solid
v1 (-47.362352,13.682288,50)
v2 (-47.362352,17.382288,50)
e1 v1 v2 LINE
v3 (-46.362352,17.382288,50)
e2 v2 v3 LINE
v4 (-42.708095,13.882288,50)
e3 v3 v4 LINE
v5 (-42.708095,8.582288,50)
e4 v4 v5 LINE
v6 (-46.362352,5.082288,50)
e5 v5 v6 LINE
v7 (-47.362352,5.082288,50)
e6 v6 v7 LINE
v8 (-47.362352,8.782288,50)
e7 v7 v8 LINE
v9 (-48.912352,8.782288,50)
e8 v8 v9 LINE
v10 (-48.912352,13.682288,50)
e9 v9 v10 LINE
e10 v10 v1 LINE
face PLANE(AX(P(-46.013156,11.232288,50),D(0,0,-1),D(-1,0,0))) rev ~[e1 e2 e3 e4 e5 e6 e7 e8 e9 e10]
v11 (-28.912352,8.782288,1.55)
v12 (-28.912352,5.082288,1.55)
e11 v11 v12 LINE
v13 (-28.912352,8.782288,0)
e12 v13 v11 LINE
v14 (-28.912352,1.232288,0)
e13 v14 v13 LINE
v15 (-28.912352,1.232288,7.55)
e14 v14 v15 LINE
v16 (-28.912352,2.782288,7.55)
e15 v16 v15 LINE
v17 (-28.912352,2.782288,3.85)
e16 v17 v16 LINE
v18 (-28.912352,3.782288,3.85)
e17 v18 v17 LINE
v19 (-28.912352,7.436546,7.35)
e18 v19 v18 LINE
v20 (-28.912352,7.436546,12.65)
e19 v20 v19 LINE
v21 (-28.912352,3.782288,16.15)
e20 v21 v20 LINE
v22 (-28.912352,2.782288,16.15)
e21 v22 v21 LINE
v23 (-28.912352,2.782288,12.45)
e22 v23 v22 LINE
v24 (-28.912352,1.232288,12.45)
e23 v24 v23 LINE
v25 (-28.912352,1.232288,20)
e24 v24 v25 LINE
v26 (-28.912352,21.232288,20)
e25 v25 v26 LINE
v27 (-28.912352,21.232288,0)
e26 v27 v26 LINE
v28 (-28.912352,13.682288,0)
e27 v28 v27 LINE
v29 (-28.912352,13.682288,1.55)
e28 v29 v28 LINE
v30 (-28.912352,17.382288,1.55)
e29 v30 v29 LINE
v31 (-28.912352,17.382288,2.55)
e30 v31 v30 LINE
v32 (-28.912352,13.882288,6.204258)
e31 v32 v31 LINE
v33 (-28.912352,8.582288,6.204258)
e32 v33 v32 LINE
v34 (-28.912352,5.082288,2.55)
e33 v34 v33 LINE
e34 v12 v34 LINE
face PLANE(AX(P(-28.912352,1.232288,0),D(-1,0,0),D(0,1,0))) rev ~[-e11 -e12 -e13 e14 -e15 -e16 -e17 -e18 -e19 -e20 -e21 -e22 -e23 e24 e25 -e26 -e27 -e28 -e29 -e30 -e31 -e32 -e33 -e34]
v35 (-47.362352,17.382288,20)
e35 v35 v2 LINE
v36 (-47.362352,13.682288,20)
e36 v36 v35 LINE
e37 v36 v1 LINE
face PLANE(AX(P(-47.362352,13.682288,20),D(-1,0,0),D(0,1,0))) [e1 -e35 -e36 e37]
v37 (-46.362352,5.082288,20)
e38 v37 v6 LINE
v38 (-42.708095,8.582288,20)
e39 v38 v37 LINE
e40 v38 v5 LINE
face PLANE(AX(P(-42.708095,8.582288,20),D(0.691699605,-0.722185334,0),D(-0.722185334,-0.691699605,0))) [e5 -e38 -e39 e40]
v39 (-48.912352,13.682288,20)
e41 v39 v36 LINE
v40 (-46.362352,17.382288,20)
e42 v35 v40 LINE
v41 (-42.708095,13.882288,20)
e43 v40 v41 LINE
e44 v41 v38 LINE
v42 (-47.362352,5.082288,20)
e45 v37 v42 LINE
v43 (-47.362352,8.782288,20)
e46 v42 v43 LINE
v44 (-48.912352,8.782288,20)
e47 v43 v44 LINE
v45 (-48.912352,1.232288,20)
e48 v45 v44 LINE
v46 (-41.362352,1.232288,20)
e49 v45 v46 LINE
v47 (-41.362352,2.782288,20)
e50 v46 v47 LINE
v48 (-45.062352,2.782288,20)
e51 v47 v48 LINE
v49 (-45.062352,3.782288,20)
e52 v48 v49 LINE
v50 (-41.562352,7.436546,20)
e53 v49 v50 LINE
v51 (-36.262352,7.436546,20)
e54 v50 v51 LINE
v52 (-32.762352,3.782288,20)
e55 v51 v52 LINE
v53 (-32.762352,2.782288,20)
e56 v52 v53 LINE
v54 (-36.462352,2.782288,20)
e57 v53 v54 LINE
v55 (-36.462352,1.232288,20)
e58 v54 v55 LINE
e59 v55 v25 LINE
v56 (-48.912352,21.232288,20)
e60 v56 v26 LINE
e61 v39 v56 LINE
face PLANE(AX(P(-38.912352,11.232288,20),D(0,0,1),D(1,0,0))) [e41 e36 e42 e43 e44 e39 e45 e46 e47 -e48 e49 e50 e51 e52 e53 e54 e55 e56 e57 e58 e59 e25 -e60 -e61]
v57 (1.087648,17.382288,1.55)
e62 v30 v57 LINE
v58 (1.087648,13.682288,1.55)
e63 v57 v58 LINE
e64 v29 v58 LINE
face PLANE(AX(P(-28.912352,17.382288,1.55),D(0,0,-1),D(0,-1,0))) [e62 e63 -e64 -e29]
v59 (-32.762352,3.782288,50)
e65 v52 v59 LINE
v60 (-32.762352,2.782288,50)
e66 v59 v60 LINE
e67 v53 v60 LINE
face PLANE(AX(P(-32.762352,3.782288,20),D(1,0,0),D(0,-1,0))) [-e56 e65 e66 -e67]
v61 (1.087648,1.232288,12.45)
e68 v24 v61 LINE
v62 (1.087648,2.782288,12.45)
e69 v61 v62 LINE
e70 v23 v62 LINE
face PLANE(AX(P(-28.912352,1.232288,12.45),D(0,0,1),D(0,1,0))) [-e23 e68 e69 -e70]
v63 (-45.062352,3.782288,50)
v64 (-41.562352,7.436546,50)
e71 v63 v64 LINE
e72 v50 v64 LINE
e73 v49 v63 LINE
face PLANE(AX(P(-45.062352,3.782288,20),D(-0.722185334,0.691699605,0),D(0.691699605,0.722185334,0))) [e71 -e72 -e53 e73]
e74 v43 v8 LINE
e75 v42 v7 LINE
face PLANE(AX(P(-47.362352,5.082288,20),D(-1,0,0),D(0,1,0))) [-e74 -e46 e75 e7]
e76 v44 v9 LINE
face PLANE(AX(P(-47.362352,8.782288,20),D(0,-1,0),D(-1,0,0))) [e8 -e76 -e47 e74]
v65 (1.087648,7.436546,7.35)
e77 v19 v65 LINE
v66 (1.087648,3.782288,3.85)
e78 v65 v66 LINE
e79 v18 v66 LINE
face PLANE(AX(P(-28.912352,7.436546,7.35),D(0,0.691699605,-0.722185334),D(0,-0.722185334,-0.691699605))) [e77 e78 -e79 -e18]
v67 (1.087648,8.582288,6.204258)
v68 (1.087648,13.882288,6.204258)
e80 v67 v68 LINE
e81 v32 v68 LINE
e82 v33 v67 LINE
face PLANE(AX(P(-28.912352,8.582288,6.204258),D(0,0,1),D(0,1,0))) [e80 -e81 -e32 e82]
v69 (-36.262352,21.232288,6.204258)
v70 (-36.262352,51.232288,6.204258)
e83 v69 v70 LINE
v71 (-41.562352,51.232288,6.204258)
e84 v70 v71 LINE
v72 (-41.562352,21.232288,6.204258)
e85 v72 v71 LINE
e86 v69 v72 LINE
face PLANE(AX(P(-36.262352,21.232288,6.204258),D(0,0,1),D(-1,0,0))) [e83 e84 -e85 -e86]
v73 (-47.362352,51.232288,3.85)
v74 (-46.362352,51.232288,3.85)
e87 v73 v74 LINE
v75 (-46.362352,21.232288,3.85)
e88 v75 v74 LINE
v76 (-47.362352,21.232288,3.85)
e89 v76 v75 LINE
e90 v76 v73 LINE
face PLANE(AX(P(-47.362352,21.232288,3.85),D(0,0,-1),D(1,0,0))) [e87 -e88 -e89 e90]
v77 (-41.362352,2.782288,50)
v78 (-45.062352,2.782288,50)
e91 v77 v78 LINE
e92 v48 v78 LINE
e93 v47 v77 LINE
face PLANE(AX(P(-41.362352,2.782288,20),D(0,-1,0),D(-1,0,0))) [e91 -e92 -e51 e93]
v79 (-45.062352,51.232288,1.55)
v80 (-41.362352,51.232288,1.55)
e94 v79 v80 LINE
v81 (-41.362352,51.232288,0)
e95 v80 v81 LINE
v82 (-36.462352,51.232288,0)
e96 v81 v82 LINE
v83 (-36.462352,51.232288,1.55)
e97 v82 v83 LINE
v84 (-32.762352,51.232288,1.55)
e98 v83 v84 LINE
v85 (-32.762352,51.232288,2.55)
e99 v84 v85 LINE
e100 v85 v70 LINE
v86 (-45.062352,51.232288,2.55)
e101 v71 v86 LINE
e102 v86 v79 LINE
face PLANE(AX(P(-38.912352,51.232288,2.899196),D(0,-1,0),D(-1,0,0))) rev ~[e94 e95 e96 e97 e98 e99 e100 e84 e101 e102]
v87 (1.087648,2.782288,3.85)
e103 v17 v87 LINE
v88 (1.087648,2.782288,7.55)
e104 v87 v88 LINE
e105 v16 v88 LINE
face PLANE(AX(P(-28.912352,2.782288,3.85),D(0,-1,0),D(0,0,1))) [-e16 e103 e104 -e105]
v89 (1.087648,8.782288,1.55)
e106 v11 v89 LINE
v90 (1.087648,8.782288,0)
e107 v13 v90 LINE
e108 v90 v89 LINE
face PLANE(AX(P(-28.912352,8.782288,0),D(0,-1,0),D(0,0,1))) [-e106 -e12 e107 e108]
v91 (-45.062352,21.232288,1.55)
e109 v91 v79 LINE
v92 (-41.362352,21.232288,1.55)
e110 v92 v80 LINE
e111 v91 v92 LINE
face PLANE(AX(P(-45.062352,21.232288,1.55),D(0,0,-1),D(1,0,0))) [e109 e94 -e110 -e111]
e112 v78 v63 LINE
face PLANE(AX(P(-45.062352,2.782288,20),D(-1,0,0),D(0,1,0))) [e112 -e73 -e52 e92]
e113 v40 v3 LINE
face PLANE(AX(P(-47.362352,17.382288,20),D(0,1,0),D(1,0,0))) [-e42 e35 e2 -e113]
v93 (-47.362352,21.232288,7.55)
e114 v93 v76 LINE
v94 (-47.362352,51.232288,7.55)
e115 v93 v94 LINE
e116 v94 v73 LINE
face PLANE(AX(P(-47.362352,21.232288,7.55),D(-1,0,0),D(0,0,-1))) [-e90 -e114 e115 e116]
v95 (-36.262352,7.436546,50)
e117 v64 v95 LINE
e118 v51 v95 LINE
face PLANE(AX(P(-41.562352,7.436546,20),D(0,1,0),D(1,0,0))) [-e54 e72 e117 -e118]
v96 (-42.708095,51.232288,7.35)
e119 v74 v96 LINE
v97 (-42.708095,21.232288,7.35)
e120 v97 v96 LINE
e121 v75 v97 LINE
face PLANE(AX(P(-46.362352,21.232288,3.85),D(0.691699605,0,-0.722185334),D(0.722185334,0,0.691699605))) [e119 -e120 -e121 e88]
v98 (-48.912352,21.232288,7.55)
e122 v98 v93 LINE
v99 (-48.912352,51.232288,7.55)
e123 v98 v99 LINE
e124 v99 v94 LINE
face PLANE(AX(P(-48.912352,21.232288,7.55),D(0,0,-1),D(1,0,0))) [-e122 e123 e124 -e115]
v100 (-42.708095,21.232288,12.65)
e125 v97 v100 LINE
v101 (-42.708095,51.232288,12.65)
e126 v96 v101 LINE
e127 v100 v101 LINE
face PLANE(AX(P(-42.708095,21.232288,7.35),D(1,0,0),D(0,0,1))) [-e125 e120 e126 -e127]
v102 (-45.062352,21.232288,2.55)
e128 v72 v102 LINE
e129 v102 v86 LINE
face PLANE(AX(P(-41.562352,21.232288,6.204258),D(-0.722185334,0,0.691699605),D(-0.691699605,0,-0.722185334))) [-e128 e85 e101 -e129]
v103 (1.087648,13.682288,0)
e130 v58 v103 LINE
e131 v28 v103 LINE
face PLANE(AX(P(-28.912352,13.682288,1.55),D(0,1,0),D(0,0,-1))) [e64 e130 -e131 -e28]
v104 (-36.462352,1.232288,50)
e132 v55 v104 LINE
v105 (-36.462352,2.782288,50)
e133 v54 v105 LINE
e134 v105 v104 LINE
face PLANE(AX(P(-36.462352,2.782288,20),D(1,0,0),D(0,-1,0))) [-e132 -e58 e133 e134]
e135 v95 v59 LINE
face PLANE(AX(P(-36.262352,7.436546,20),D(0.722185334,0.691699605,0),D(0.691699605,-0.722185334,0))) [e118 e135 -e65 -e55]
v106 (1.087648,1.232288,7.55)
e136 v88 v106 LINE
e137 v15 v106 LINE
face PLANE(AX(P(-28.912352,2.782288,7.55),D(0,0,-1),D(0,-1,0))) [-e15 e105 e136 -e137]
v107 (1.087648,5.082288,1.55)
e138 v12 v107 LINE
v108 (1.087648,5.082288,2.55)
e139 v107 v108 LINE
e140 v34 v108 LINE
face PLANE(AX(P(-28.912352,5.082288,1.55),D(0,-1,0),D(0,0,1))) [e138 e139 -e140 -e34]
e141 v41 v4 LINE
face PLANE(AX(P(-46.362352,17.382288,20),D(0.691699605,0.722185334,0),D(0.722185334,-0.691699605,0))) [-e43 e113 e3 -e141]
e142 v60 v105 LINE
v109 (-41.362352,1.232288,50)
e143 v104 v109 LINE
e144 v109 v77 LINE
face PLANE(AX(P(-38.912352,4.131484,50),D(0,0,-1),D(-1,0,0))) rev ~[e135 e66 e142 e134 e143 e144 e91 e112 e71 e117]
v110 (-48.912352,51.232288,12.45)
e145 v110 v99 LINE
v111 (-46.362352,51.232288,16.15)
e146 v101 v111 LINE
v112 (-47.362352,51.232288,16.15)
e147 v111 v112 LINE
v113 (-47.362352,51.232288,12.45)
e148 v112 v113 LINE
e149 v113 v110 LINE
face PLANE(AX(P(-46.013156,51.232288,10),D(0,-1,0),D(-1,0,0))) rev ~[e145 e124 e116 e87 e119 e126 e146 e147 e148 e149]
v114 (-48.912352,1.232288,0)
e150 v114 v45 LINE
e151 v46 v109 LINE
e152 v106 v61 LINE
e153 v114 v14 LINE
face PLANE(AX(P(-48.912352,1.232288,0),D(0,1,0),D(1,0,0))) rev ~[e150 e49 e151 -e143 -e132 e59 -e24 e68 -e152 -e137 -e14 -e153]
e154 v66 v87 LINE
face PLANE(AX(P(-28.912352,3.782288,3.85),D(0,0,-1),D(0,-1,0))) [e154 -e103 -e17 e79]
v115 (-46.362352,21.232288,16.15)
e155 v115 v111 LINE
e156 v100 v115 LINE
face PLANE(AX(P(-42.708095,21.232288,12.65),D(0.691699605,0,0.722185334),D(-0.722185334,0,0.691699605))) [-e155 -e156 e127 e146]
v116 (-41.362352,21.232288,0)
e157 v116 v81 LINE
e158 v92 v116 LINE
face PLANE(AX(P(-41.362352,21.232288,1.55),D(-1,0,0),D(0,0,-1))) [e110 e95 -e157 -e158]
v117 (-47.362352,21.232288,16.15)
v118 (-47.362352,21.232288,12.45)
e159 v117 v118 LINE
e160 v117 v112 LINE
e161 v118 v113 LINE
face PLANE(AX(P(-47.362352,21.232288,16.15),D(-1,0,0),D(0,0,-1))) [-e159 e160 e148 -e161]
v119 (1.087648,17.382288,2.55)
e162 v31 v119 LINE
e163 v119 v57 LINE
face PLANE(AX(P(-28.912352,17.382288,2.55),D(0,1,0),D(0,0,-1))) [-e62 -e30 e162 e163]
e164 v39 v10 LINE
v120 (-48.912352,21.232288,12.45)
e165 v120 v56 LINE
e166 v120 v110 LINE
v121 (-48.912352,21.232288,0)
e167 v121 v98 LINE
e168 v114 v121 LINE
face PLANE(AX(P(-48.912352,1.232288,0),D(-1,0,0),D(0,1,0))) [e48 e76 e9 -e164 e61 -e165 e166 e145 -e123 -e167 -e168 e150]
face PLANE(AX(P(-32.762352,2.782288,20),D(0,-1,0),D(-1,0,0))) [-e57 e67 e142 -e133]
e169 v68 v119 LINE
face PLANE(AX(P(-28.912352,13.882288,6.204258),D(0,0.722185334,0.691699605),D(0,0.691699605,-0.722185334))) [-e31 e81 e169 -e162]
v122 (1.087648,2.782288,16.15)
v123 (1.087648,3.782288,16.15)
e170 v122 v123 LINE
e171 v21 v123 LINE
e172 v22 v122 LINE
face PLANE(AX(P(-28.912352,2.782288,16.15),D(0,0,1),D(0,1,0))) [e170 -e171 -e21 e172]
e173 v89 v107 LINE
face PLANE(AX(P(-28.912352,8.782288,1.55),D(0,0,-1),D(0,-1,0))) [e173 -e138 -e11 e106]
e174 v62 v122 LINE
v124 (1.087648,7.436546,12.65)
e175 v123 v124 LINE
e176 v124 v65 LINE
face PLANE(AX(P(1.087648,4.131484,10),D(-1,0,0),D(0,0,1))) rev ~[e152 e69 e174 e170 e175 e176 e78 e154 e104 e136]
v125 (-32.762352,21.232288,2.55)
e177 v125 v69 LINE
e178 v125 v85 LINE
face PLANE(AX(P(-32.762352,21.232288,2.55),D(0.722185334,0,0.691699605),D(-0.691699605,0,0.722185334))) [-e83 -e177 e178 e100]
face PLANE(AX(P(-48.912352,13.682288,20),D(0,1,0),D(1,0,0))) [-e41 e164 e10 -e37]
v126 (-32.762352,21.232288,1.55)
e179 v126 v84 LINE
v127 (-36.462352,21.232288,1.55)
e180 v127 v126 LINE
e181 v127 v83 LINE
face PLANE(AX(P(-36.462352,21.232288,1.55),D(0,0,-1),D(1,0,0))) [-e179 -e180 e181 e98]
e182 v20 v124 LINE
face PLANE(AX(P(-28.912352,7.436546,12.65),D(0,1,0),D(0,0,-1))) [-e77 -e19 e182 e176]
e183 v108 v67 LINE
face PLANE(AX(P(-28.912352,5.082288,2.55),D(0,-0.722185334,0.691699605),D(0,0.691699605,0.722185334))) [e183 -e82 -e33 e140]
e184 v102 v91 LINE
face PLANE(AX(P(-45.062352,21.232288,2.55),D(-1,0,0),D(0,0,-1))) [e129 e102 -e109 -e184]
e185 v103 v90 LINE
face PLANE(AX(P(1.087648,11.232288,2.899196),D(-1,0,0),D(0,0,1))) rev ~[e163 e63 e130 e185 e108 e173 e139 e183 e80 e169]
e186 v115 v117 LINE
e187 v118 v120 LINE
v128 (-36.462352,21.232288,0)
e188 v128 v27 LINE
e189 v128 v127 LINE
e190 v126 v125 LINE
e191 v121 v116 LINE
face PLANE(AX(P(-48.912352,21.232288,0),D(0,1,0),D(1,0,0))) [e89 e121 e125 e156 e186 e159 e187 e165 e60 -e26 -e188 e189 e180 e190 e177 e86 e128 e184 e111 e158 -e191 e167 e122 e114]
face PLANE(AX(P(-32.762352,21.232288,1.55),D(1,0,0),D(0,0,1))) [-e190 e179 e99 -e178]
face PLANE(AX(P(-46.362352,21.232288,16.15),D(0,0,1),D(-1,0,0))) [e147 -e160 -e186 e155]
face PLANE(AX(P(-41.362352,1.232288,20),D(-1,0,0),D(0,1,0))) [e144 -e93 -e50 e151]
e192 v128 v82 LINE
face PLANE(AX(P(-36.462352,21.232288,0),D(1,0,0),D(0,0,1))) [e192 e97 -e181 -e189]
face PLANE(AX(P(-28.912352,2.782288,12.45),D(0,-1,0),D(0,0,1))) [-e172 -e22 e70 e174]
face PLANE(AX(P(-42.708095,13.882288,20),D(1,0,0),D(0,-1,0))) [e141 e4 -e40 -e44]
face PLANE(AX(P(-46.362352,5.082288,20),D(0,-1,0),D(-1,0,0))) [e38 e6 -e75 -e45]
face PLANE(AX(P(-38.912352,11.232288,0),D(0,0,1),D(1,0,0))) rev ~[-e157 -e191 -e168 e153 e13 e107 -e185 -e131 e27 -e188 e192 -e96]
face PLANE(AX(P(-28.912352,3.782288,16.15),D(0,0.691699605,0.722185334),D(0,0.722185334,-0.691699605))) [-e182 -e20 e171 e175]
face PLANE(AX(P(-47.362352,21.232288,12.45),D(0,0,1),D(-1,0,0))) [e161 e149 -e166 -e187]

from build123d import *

# Parameters (mm, degrees)
ESQUISSE1_W        = 20
ESQUISSE1_H        = 20
BOSS_EXTRU_1_DEPTH = 20
BOSS_EXTRU_2_DEPTH = 30
BOSS_EXTRU_3_DEPTH = 30
BOSS_EXTRU_4_DEPTH = 30
BOSS_EXTRU_5_DEPTH = 30
BOSS_EXTRU_6_DEPTH = 30
BOSS_EXTRU_7_DEPTH = 30


with BuildPart() as part:
    # Esquisse1 → Boss.-Extru.1 (new body)
    with BuildSketch(Plane.XY):
        with Locations((-38.912352392, 11.232287948)):
            Rectangle(ESQUISSE1_W, ESQUISSE1_H)
    extrude(amount=BOSS_EXTRU_1_DEPTH)

    # Esquisse2 → Boss.-Extru.2 (add)
    with BuildSketch(Plane.XY.offset(20)):
        Polygon((-41.362352392, 1.232287948), (-41.362352392, 2.782287948), (-45.062352392, 2.782287948), (-45.062352392, 3.782287948), (-41.562352392, 7.436545738), (-36.262352392, 7.436545738), (-32.762352392, 3.782287948), (-32.762352392, 2.782287948), (-36.462352392, 2.782287948), (-36.462352392, 1.232287948), align=None)
    extrude(amount=BOSS_EXTRU_2_DEPTH)

    # Esquisse3 → Boss.-Extru.3 (add)
    with BuildSketch(Plane(origin=(-28.912352392, 0, 0), x_dir=(0, 0, -1), z_dir=(1, 0, 0))):
        Polygon((0, 8.782287948), (-1.55, 8.782287948), (-1.55, 5.082287948), (-2.55, 5.082287948), (-6.204257791, 8.582287948), (-6.204257791, 13.882287948), (-2.55, 17.382287948), (-1.55, 17.382287948), (-1.55, 13.682287948), (0, 13.682287948), align=None)
    extrude(amount=BOSS_EXTRU_3_DEPTH)

    # Esquisse4 → Boss.-Extru.4 (add)
    with BuildSketch(Plane(origin=(0, 21.232287948, 0), x_dir=(1, 0, 0), z_dir=(0, 1, 0))):
        Polygon((-36.462352392, 0), (-36.462352392, -1.55), (-32.762352392, -1.55), (-32.762352392, -2.55), (-36.262352392, -6.204257791), (-41.562352392, -6.204257791), (-45.062352392, -2.55), (-45.062352392, -1.55), (-41.362352392, -1.55), (-41.362352392, 0), align=None)
    extrude(amount=BOSS_EXTRU_4_DEPTH)

    # Esquisse6 → Boss.-Extru.5 (add)
    with BuildSketch(Plane(origin=(-28.912352392, 0, 0), x_dir=(0, 0, -1), z_dir=(1, 0, 0))):
        Polygon((-12.45, 1.232287948), (-12.45, 2.782287948), (-16.15, 2.782287948), (-16.15, 3.782287948), (-12.65, 7.436545738), (-7.35, 7.436545738), (-3.85, 3.782287948), (-3.85, 2.782287948), (-7.55, 2.782287948), (-7.55, 1.232287948), align=None)
    extrude(amount=BOSS_EXTRU_5_DEPTH)

    # Esquisse8 → Boss.-Extru.6 (add)
    with BuildSketch(Plane(origin=(0, 21.232287948, 0), x_dir=(1, 0, 0), z_dir=(0, 1, 0))):
        Polygon((-48.912352392, -7.55), (-47.362352392, -7.55), (-47.362352392, -3.85), (-46.362352392, -3.85), (-42.708094601, -7.35), (-42.708094601, -12.65), (-46.362352392, -16.15), (-47.362352392, -16.15), (-47.362352392, -12.45), (-48.912352392, -12.45), align=None)
    extrude(amount=BOSS_EXTRU_6_DEPTH)

    # Esquisse9 → Boss.-Extru.7 (add)
    with BuildSketch(Plane.XY.offset(20)):
        Polygon((-48.912352392, 13.682287948), (-47.362352392, 13.682287948), (-47.362352392, 17.382287948), (-46.362352392, 17.382287948), (-42.708094601, 13.882287948), (-42.708094601, 8.582287948), (-46.362352392, 5.082287948), (-47.362352392, 5.082287948), (-47.362352392, 8.782287948), (-48.912352392, 8.782287948), align=None)
    extrude(amount=BOSS_EXTRU_7_DEPTH)


solid = part.part
